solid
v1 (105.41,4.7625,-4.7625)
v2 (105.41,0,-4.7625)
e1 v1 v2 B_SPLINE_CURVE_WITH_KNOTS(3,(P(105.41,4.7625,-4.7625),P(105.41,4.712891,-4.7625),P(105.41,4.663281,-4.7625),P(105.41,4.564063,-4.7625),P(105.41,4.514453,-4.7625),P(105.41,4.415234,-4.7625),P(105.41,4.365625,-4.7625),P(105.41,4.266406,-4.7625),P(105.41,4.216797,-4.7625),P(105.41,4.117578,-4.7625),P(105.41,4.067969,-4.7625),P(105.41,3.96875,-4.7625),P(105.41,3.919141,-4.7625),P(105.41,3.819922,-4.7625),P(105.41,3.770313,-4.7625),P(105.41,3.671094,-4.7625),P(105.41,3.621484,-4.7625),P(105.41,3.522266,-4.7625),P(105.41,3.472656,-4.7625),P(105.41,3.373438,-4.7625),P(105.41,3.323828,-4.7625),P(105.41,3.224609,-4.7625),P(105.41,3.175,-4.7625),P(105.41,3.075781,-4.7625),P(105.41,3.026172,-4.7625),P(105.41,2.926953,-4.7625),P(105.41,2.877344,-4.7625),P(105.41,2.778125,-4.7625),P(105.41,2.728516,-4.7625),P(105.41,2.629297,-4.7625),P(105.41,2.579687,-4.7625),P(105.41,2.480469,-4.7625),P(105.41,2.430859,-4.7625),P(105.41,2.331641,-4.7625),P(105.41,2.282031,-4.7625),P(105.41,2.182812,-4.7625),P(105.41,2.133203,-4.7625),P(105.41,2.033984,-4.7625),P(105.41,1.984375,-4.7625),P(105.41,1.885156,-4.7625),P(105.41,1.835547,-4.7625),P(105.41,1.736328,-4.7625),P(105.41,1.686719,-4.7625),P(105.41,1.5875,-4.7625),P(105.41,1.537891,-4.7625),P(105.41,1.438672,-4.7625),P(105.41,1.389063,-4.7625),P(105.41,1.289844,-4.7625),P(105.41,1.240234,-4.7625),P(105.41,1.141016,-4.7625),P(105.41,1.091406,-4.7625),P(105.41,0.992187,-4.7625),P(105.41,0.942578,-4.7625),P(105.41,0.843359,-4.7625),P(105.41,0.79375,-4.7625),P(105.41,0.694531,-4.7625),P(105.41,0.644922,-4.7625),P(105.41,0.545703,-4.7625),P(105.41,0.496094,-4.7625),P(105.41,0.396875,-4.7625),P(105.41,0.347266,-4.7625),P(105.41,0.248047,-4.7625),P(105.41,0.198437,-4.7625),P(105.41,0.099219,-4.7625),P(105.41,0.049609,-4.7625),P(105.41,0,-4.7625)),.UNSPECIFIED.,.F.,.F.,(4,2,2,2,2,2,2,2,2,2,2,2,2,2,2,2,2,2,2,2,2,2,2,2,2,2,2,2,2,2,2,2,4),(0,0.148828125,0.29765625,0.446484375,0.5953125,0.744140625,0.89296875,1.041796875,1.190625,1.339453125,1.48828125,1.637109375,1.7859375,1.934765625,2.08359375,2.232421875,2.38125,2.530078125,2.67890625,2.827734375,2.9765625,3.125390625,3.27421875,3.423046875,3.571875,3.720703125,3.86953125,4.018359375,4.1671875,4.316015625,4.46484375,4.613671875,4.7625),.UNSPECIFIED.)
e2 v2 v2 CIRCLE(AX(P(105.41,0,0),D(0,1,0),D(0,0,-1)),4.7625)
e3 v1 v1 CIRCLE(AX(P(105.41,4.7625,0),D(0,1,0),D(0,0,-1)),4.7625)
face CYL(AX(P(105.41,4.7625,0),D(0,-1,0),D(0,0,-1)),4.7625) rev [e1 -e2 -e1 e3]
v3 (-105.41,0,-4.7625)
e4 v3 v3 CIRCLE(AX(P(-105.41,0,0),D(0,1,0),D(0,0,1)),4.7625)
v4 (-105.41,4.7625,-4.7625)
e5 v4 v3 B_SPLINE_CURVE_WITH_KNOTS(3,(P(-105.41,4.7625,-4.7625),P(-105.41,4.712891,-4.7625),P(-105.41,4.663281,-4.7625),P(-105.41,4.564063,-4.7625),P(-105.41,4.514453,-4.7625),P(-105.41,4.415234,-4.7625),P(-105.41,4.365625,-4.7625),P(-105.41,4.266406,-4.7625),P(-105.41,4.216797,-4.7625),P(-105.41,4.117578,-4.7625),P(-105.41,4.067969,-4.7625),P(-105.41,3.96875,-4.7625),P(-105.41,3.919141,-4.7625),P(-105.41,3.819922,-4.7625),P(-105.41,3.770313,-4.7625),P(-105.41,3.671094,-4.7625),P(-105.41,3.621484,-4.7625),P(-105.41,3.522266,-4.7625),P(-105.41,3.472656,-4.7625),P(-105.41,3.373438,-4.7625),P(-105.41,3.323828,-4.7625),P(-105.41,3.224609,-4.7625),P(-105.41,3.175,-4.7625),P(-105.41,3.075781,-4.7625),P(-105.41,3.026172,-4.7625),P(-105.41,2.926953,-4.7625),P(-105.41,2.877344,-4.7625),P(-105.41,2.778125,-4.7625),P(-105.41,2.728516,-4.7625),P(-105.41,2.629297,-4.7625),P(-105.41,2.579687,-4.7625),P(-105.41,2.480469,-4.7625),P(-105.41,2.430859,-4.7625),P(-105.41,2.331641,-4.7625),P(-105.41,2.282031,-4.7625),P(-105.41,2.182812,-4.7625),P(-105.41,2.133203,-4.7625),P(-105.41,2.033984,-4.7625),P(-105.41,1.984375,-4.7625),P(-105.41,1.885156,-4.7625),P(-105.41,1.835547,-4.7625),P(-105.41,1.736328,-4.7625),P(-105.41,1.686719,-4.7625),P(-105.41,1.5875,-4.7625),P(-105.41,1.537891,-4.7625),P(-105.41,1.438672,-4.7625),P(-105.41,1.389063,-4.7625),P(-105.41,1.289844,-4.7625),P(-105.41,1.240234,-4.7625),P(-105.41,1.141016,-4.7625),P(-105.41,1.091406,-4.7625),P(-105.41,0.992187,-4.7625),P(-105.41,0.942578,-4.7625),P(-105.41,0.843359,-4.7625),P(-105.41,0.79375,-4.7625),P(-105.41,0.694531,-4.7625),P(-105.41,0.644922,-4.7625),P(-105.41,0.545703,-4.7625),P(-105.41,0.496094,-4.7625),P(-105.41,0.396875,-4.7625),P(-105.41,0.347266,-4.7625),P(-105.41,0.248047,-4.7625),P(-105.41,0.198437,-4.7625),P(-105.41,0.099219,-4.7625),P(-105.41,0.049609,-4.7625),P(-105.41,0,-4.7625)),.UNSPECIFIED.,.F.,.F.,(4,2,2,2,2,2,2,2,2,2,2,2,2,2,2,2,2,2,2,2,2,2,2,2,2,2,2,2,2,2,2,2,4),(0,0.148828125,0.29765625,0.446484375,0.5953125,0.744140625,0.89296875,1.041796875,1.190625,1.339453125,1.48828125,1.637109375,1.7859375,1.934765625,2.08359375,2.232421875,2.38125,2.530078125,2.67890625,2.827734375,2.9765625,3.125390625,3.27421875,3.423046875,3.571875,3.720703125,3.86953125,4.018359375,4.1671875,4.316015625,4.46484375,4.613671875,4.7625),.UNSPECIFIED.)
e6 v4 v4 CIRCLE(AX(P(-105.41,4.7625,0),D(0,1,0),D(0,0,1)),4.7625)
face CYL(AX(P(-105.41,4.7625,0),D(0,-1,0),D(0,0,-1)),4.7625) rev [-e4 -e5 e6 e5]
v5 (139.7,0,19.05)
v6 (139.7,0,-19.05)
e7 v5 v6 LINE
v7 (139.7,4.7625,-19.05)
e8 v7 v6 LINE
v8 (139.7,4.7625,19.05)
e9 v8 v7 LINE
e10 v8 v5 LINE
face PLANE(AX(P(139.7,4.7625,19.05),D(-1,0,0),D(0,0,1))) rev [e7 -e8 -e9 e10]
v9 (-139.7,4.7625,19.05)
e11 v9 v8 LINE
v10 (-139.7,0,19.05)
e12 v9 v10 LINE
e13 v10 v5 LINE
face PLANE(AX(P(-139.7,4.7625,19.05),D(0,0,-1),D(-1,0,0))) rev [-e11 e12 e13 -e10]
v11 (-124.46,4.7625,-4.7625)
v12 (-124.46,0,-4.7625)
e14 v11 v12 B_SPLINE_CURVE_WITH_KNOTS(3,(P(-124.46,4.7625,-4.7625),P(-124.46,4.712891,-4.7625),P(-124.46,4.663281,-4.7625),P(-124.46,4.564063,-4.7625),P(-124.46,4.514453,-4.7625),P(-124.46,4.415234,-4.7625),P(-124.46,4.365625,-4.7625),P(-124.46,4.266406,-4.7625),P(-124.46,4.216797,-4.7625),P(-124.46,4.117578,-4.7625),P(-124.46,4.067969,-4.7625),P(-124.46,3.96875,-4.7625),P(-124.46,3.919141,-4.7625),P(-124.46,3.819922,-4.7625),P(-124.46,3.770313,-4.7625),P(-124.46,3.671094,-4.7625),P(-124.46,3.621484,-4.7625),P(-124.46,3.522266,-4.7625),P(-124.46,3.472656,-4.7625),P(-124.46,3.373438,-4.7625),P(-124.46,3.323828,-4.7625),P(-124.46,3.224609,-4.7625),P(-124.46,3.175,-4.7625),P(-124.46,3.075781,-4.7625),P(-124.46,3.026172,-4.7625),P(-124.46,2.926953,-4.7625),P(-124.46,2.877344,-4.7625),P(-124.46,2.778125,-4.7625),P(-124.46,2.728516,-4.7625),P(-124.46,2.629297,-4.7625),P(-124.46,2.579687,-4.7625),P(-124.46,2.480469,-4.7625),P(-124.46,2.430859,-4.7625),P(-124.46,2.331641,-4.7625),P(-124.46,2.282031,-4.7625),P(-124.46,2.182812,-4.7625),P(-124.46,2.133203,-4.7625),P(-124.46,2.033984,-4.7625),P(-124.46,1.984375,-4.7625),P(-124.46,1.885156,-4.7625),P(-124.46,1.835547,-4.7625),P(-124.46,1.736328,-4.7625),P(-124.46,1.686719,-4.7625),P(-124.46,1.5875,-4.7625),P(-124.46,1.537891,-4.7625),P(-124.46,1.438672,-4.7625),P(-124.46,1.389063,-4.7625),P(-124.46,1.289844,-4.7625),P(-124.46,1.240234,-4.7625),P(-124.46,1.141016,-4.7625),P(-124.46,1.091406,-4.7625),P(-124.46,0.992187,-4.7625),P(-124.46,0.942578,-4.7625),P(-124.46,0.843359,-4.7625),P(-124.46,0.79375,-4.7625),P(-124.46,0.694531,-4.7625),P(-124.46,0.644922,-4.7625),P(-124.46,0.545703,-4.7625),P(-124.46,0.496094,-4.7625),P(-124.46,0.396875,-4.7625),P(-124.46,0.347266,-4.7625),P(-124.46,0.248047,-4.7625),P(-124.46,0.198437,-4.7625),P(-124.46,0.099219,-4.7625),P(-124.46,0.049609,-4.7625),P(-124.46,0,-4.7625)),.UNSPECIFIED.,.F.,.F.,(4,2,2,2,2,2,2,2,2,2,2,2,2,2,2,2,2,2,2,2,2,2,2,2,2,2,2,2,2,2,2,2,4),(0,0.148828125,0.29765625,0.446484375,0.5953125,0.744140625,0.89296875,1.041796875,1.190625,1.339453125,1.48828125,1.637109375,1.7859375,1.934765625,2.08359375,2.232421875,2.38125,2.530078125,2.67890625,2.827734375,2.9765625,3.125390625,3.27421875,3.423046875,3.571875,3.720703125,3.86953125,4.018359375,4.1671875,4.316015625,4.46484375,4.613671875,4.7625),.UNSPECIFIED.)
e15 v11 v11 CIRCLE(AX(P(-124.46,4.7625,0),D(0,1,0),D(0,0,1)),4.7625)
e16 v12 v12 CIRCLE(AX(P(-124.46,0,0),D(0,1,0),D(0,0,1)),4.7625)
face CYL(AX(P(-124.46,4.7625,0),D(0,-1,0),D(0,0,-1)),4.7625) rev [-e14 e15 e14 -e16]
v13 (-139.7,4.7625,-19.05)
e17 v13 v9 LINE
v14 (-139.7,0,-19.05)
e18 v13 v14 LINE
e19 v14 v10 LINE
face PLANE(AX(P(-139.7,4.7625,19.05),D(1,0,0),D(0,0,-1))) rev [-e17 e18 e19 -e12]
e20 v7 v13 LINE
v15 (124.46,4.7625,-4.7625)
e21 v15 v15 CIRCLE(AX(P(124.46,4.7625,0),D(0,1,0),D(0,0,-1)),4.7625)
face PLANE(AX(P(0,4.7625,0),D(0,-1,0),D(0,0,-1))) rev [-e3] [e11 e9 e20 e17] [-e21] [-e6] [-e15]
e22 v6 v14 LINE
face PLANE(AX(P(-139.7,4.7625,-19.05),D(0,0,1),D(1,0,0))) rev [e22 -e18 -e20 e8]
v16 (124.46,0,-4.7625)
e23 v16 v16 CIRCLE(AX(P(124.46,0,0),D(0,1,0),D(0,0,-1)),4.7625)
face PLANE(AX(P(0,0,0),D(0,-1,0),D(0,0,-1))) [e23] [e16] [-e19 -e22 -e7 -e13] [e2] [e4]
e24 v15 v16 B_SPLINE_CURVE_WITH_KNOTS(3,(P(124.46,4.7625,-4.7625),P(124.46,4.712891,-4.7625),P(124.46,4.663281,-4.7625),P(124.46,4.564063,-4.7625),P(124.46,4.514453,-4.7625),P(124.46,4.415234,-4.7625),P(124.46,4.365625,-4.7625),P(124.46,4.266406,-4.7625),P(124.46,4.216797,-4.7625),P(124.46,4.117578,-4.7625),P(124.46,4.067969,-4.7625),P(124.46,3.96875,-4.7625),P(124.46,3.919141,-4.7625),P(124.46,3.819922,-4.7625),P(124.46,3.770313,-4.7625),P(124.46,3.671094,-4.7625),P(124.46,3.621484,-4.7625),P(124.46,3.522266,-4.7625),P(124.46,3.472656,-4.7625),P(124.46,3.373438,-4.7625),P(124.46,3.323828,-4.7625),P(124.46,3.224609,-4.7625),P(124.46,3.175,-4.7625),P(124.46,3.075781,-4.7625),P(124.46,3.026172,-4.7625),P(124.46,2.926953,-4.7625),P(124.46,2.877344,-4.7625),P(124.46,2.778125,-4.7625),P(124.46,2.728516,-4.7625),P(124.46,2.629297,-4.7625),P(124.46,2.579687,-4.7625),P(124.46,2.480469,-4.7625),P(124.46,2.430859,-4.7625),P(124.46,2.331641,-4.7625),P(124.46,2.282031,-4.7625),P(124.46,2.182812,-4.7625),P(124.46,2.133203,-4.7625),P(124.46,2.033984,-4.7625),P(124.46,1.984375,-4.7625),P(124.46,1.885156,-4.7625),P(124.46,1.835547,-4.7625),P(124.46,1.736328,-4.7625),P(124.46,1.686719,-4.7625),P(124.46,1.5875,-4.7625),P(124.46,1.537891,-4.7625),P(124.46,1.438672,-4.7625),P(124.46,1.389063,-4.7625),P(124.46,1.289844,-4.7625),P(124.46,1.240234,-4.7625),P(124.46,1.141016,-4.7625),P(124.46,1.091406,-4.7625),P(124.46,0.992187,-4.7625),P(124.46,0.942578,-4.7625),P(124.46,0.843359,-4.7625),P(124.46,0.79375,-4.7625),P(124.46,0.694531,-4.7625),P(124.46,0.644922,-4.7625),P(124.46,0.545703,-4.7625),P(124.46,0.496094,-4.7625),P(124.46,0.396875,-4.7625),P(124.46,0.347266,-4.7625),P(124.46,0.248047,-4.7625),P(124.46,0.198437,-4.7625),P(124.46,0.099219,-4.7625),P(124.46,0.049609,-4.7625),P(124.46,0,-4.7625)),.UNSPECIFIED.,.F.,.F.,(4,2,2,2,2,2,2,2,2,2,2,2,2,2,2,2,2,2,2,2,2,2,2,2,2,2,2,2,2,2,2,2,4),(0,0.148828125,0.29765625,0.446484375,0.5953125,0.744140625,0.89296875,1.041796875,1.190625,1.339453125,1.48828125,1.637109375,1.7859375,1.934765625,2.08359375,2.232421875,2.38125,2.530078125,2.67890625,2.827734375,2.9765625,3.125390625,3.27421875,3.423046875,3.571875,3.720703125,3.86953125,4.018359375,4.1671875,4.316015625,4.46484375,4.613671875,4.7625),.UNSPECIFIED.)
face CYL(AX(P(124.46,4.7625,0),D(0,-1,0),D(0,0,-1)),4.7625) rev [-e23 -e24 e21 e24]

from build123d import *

# Parameters (mm, degrees)
SKETCH2_W           = 279.4
SKETCH2_H           = 38.1
SKETCH2_R           = 4.7625
BOSS_EXTRUDE1_DEPTH = 4.7625


with BuildPart() as part:
    # Sketch2 → Boss-Extrude1 (new body)
    with BuildSketch(Plane(origin=(0, 0, 0), x_dir=(1, 0, 0), z_dir=(0, 1, 0))):
        Rectangle(SKETCH2_W, SKETCH2_H)
        with Locations(Location((-124.46, 0, 0), (0, 0, 90))):
            Circle(SKETCH2_R, mode=Mode.SUBTRACT)
        with Locations(Location((-105.41, 0, 0), (0, 0, 90))):
            Circle(SKETCH2_R, mode=Mode.SUBTRACT)
        with Locations(Location((124.46, 0, 0), (0, 0, 90))):
            Circle(SKETCH2_R, mode=Mode.SUBTRACT)
        with Locations(Location((105.41, 0, 0), (0, 0, 90))):
            Circle(SKETCH2_R, mode=Mode.SUBTRACT)
    extrude(amount=BOSS_EXTRUDE1_DEPTH)


solid = part.part
